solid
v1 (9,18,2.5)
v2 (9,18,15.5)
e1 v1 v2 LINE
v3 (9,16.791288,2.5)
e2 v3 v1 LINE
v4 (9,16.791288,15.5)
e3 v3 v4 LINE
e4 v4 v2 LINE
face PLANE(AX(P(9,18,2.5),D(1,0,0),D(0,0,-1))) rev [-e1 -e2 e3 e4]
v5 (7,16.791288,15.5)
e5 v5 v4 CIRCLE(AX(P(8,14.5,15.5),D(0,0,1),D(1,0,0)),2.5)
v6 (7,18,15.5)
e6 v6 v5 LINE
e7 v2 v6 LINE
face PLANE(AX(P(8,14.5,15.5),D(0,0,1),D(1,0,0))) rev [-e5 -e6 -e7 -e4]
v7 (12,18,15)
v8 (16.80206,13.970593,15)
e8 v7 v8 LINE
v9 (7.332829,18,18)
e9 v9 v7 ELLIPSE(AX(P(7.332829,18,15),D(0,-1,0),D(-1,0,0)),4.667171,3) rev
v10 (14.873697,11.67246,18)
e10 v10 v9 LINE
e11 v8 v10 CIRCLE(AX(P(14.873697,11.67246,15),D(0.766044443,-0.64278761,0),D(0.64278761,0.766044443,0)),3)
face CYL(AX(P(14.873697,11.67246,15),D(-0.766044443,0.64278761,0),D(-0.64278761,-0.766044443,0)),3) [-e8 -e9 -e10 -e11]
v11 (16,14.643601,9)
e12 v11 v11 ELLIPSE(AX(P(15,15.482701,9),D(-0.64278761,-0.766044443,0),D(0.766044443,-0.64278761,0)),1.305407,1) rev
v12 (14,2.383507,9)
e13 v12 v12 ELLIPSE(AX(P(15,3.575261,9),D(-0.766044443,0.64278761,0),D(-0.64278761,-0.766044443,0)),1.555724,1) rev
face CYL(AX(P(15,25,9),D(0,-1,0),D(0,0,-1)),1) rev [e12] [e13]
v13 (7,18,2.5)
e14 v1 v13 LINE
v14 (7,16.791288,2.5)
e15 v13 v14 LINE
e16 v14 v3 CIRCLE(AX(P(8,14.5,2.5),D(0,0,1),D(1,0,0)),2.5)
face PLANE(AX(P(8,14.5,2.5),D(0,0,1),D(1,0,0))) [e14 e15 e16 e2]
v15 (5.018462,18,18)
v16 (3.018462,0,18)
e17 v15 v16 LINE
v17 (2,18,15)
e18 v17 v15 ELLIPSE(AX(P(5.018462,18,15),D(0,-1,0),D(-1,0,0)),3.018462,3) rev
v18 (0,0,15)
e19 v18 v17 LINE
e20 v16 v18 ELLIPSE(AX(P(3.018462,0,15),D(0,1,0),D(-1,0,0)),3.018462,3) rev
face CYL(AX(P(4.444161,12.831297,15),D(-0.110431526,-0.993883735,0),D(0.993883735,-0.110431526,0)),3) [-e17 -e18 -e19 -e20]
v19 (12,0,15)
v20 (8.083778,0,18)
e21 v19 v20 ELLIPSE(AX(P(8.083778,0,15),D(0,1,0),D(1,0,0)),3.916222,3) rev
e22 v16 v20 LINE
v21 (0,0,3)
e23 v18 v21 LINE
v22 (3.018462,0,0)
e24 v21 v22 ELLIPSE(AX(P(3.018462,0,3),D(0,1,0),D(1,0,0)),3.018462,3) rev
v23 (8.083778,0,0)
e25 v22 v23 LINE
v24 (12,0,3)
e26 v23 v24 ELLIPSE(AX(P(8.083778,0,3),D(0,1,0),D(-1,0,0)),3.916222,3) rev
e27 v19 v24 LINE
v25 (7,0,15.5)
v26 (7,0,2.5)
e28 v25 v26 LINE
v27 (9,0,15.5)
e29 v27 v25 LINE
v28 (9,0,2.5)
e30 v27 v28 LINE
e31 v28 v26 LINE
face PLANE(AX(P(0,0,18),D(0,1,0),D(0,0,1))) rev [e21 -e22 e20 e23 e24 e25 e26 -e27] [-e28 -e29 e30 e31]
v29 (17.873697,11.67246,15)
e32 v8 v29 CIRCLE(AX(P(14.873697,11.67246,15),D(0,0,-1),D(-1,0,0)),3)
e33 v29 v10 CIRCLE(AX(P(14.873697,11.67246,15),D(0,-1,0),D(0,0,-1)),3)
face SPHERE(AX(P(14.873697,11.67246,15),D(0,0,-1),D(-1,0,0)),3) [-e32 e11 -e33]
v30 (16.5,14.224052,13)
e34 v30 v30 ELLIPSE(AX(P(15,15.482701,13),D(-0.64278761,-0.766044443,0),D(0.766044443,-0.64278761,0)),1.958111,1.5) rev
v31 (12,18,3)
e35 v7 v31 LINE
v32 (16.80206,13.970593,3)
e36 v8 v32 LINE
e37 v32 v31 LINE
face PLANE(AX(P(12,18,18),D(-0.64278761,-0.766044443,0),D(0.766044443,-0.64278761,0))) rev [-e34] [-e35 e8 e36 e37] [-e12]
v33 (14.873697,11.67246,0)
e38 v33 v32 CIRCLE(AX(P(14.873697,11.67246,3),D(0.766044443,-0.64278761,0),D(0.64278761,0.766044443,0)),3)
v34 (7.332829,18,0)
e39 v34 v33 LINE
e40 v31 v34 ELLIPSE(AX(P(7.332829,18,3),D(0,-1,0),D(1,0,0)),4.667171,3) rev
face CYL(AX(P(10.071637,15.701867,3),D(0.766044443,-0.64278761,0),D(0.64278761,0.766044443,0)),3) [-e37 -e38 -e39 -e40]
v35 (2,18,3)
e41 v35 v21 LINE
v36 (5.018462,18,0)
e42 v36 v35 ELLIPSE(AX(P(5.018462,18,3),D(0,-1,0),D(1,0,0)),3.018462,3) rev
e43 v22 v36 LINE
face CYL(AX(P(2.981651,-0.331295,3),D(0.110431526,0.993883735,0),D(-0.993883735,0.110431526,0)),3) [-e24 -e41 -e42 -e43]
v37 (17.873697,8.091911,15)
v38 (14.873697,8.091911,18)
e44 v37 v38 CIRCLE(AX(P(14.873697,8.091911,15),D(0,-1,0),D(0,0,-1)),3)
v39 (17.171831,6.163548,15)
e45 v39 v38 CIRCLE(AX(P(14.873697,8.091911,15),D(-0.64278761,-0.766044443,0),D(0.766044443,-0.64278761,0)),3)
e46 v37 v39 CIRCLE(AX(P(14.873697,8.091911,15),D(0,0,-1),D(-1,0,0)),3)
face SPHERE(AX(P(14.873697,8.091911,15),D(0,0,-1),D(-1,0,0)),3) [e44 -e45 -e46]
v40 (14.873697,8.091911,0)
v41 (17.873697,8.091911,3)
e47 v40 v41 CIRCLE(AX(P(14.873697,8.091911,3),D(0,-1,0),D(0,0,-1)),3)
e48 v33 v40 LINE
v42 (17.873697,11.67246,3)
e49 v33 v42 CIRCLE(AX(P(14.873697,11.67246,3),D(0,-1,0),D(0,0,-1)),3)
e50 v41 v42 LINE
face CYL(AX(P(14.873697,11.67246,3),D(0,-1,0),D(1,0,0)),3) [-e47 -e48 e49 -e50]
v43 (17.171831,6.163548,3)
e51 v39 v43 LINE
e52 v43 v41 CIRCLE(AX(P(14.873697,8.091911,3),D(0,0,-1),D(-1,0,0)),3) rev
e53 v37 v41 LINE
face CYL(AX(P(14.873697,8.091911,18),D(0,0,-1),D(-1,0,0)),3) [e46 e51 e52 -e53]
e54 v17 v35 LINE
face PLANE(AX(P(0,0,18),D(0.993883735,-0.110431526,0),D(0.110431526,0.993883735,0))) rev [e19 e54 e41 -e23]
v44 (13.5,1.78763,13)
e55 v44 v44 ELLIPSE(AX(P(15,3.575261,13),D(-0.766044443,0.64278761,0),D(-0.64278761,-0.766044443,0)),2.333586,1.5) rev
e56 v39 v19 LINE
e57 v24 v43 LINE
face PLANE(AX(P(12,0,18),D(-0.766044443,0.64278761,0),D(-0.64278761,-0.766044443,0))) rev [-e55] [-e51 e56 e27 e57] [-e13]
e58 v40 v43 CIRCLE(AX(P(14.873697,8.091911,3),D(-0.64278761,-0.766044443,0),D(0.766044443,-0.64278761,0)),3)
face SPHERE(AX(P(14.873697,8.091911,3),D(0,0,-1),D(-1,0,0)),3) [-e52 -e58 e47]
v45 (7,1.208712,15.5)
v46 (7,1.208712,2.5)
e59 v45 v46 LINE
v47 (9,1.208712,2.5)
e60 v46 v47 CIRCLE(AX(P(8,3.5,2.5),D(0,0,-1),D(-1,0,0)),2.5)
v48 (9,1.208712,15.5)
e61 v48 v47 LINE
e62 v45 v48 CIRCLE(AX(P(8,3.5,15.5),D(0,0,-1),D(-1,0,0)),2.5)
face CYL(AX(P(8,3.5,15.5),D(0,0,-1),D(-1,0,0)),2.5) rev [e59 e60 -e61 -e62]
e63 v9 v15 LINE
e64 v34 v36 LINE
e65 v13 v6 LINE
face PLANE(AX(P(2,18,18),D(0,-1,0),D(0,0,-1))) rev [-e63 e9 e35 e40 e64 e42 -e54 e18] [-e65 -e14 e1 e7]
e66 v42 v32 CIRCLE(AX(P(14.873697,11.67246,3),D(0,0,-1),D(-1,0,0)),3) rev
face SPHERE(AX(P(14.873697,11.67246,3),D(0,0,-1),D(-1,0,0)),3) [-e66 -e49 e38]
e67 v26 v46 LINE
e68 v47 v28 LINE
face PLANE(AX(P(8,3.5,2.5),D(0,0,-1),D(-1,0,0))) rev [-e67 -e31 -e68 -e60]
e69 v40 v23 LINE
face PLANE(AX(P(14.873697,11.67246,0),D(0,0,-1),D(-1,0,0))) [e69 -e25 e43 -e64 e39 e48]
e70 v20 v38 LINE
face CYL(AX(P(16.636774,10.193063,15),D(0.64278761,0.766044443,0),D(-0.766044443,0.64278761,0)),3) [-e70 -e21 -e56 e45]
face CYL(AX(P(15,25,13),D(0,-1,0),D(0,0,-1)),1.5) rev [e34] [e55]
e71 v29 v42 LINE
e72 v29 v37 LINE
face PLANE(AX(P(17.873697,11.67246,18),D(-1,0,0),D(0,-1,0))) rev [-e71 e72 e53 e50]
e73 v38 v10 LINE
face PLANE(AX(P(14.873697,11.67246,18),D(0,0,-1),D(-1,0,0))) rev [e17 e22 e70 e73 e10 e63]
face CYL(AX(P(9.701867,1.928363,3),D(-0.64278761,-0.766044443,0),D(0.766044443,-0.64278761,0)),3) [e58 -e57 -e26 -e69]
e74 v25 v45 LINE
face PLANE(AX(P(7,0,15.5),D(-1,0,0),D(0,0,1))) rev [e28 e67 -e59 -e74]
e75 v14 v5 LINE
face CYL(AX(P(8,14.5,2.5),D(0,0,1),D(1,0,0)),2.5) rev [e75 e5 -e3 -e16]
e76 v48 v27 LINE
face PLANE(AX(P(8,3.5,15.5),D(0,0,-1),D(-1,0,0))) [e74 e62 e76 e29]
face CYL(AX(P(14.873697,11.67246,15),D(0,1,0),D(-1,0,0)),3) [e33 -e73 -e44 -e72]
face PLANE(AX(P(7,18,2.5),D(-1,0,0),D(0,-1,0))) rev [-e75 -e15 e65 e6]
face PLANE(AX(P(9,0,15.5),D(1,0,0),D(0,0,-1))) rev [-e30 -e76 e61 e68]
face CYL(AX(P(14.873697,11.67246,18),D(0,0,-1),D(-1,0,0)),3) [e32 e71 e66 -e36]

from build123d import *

# Parameters (mm, degrees)
BOSS_EXTRUDE1_DEPTH = 18
CUT_EXTRUDE1_START  = -2.5
CUT_EXTRUDE1_DEPTH  = 13
CUT_EXTRUDE2_START  = -2.5
CUT_EXTRUDE2_DEPTH  = 13
SKETCH5_R           = 1
SKETCH5_R_2         = 1.5
CUT_EXTRUDE3_DEPTH  = 25
FILLET1_R           = 3


with BuildPart() as part:
    # Sketch2 → Boss-Extrude1 (new body)
    with BuildSketch(Plane.XY):
        with BuildLine():
            Line((0, 0), (12, 0))
            Line((12, 0), (17.171830748, 6.163547874))
            ThreePointArc((17.171830748, 6.163547874), (17.692775281, 7.065850273), (17.873697418, 8.091910703))
            Line((17.873697418, 8.091910703), (17.873697418, 11.672459688))
            ThreePointArc((17.873697418, 11.672459688), (17.592620779, 12.940314473), (16.802060247, 13.970593018))
            Line((16.802060247, 13.970593018), (12, 18))
            Line((12, 18), (2, 18))
            Line((2, 18), (0, 0))
        make_face()
    extrude(amount=BOSS_EXTRUDE1_DEPTH)

    # Sketch3 → Cut-Extrude1 (cut)
    with BuildSketch(Plane.XY.offset(18).offset(CUT_EXTRUDE1_START)):
        with BuildLine():
            Line((7, 18), (9, 18))
            Line((9, 18), (9, 16.791287847))
            ThreePointArc((9, 16.791287847), (8, 12), (7, 16.791287847))
            Line((7, 16.791287847), (7, 18))
        make_face()
    extrude(amount=-CUT_EXTRUDE1_DEPTH, mode=Mode.SUBTRACT)

    # Sketch4 → Cut-Extrude2 (cut)
    with BuildSketch(Plane(origin=(0, 0, 0), x_dir=(-1, 0, 0), z_dir=(0, 0, -1)).offset(CUT_EXTRUDE2_START)):
        with BuildLine():
            Line((-9, 0), (-7, 0))
            Line((-7, 0), (-7, 1.208712153))
            ThreePointArc((-7, 1.208712153), (-8, 6), (-9, 1.208712153))
            Line((-9, 1.208712153), (-9, 0))
        make_face()
    extrude(amount=-CUT_EXTRUDE2_DEPTH, mode=Mode.SUBTRACT)

    # Sketch5 → Cut-Extrude3 (cut)
    with BuildSketch(Plane(origin=(0, 0, 0), x_dir=(1, 0, 0), z_dir=(0, 1, 0))):
        with Locations((15, -9)):
            Circle(SKETCH5_R)
        with Locations((15, -13)):
            Circle(SKETCH5_R_2)
    extrude(amount=CUT_EXTRUDE3_DEPTH, mode=Mode.SUBTRACT)

    # Fillet1
    fillet1_edges = [part.edges().sort_by_distance(p)[0] for p in [
        (17.692775281, 7.065850273, 0),
        (14.585915374, 3.081773937, 0),
        (1, 9, 0),
        (14.585915374, 3.081773937, 18),
        (17.692775281, 7.065850273, 18),
        (17.873697418, 9.882185196, 18),
        (17.592620779, 12.940314473, 18),
        (14.401030124, 15.985296509, 18),
        (1, 9, 18),
        (14.401030124, 15.985296509, 0),
        (17.592620779, 12.940314473, 0),
        (17.873697418, 9.882185196, 0),
    ]]
    fillet(fillet1_edges, radius=FILLET1_R)


solid = part.part
